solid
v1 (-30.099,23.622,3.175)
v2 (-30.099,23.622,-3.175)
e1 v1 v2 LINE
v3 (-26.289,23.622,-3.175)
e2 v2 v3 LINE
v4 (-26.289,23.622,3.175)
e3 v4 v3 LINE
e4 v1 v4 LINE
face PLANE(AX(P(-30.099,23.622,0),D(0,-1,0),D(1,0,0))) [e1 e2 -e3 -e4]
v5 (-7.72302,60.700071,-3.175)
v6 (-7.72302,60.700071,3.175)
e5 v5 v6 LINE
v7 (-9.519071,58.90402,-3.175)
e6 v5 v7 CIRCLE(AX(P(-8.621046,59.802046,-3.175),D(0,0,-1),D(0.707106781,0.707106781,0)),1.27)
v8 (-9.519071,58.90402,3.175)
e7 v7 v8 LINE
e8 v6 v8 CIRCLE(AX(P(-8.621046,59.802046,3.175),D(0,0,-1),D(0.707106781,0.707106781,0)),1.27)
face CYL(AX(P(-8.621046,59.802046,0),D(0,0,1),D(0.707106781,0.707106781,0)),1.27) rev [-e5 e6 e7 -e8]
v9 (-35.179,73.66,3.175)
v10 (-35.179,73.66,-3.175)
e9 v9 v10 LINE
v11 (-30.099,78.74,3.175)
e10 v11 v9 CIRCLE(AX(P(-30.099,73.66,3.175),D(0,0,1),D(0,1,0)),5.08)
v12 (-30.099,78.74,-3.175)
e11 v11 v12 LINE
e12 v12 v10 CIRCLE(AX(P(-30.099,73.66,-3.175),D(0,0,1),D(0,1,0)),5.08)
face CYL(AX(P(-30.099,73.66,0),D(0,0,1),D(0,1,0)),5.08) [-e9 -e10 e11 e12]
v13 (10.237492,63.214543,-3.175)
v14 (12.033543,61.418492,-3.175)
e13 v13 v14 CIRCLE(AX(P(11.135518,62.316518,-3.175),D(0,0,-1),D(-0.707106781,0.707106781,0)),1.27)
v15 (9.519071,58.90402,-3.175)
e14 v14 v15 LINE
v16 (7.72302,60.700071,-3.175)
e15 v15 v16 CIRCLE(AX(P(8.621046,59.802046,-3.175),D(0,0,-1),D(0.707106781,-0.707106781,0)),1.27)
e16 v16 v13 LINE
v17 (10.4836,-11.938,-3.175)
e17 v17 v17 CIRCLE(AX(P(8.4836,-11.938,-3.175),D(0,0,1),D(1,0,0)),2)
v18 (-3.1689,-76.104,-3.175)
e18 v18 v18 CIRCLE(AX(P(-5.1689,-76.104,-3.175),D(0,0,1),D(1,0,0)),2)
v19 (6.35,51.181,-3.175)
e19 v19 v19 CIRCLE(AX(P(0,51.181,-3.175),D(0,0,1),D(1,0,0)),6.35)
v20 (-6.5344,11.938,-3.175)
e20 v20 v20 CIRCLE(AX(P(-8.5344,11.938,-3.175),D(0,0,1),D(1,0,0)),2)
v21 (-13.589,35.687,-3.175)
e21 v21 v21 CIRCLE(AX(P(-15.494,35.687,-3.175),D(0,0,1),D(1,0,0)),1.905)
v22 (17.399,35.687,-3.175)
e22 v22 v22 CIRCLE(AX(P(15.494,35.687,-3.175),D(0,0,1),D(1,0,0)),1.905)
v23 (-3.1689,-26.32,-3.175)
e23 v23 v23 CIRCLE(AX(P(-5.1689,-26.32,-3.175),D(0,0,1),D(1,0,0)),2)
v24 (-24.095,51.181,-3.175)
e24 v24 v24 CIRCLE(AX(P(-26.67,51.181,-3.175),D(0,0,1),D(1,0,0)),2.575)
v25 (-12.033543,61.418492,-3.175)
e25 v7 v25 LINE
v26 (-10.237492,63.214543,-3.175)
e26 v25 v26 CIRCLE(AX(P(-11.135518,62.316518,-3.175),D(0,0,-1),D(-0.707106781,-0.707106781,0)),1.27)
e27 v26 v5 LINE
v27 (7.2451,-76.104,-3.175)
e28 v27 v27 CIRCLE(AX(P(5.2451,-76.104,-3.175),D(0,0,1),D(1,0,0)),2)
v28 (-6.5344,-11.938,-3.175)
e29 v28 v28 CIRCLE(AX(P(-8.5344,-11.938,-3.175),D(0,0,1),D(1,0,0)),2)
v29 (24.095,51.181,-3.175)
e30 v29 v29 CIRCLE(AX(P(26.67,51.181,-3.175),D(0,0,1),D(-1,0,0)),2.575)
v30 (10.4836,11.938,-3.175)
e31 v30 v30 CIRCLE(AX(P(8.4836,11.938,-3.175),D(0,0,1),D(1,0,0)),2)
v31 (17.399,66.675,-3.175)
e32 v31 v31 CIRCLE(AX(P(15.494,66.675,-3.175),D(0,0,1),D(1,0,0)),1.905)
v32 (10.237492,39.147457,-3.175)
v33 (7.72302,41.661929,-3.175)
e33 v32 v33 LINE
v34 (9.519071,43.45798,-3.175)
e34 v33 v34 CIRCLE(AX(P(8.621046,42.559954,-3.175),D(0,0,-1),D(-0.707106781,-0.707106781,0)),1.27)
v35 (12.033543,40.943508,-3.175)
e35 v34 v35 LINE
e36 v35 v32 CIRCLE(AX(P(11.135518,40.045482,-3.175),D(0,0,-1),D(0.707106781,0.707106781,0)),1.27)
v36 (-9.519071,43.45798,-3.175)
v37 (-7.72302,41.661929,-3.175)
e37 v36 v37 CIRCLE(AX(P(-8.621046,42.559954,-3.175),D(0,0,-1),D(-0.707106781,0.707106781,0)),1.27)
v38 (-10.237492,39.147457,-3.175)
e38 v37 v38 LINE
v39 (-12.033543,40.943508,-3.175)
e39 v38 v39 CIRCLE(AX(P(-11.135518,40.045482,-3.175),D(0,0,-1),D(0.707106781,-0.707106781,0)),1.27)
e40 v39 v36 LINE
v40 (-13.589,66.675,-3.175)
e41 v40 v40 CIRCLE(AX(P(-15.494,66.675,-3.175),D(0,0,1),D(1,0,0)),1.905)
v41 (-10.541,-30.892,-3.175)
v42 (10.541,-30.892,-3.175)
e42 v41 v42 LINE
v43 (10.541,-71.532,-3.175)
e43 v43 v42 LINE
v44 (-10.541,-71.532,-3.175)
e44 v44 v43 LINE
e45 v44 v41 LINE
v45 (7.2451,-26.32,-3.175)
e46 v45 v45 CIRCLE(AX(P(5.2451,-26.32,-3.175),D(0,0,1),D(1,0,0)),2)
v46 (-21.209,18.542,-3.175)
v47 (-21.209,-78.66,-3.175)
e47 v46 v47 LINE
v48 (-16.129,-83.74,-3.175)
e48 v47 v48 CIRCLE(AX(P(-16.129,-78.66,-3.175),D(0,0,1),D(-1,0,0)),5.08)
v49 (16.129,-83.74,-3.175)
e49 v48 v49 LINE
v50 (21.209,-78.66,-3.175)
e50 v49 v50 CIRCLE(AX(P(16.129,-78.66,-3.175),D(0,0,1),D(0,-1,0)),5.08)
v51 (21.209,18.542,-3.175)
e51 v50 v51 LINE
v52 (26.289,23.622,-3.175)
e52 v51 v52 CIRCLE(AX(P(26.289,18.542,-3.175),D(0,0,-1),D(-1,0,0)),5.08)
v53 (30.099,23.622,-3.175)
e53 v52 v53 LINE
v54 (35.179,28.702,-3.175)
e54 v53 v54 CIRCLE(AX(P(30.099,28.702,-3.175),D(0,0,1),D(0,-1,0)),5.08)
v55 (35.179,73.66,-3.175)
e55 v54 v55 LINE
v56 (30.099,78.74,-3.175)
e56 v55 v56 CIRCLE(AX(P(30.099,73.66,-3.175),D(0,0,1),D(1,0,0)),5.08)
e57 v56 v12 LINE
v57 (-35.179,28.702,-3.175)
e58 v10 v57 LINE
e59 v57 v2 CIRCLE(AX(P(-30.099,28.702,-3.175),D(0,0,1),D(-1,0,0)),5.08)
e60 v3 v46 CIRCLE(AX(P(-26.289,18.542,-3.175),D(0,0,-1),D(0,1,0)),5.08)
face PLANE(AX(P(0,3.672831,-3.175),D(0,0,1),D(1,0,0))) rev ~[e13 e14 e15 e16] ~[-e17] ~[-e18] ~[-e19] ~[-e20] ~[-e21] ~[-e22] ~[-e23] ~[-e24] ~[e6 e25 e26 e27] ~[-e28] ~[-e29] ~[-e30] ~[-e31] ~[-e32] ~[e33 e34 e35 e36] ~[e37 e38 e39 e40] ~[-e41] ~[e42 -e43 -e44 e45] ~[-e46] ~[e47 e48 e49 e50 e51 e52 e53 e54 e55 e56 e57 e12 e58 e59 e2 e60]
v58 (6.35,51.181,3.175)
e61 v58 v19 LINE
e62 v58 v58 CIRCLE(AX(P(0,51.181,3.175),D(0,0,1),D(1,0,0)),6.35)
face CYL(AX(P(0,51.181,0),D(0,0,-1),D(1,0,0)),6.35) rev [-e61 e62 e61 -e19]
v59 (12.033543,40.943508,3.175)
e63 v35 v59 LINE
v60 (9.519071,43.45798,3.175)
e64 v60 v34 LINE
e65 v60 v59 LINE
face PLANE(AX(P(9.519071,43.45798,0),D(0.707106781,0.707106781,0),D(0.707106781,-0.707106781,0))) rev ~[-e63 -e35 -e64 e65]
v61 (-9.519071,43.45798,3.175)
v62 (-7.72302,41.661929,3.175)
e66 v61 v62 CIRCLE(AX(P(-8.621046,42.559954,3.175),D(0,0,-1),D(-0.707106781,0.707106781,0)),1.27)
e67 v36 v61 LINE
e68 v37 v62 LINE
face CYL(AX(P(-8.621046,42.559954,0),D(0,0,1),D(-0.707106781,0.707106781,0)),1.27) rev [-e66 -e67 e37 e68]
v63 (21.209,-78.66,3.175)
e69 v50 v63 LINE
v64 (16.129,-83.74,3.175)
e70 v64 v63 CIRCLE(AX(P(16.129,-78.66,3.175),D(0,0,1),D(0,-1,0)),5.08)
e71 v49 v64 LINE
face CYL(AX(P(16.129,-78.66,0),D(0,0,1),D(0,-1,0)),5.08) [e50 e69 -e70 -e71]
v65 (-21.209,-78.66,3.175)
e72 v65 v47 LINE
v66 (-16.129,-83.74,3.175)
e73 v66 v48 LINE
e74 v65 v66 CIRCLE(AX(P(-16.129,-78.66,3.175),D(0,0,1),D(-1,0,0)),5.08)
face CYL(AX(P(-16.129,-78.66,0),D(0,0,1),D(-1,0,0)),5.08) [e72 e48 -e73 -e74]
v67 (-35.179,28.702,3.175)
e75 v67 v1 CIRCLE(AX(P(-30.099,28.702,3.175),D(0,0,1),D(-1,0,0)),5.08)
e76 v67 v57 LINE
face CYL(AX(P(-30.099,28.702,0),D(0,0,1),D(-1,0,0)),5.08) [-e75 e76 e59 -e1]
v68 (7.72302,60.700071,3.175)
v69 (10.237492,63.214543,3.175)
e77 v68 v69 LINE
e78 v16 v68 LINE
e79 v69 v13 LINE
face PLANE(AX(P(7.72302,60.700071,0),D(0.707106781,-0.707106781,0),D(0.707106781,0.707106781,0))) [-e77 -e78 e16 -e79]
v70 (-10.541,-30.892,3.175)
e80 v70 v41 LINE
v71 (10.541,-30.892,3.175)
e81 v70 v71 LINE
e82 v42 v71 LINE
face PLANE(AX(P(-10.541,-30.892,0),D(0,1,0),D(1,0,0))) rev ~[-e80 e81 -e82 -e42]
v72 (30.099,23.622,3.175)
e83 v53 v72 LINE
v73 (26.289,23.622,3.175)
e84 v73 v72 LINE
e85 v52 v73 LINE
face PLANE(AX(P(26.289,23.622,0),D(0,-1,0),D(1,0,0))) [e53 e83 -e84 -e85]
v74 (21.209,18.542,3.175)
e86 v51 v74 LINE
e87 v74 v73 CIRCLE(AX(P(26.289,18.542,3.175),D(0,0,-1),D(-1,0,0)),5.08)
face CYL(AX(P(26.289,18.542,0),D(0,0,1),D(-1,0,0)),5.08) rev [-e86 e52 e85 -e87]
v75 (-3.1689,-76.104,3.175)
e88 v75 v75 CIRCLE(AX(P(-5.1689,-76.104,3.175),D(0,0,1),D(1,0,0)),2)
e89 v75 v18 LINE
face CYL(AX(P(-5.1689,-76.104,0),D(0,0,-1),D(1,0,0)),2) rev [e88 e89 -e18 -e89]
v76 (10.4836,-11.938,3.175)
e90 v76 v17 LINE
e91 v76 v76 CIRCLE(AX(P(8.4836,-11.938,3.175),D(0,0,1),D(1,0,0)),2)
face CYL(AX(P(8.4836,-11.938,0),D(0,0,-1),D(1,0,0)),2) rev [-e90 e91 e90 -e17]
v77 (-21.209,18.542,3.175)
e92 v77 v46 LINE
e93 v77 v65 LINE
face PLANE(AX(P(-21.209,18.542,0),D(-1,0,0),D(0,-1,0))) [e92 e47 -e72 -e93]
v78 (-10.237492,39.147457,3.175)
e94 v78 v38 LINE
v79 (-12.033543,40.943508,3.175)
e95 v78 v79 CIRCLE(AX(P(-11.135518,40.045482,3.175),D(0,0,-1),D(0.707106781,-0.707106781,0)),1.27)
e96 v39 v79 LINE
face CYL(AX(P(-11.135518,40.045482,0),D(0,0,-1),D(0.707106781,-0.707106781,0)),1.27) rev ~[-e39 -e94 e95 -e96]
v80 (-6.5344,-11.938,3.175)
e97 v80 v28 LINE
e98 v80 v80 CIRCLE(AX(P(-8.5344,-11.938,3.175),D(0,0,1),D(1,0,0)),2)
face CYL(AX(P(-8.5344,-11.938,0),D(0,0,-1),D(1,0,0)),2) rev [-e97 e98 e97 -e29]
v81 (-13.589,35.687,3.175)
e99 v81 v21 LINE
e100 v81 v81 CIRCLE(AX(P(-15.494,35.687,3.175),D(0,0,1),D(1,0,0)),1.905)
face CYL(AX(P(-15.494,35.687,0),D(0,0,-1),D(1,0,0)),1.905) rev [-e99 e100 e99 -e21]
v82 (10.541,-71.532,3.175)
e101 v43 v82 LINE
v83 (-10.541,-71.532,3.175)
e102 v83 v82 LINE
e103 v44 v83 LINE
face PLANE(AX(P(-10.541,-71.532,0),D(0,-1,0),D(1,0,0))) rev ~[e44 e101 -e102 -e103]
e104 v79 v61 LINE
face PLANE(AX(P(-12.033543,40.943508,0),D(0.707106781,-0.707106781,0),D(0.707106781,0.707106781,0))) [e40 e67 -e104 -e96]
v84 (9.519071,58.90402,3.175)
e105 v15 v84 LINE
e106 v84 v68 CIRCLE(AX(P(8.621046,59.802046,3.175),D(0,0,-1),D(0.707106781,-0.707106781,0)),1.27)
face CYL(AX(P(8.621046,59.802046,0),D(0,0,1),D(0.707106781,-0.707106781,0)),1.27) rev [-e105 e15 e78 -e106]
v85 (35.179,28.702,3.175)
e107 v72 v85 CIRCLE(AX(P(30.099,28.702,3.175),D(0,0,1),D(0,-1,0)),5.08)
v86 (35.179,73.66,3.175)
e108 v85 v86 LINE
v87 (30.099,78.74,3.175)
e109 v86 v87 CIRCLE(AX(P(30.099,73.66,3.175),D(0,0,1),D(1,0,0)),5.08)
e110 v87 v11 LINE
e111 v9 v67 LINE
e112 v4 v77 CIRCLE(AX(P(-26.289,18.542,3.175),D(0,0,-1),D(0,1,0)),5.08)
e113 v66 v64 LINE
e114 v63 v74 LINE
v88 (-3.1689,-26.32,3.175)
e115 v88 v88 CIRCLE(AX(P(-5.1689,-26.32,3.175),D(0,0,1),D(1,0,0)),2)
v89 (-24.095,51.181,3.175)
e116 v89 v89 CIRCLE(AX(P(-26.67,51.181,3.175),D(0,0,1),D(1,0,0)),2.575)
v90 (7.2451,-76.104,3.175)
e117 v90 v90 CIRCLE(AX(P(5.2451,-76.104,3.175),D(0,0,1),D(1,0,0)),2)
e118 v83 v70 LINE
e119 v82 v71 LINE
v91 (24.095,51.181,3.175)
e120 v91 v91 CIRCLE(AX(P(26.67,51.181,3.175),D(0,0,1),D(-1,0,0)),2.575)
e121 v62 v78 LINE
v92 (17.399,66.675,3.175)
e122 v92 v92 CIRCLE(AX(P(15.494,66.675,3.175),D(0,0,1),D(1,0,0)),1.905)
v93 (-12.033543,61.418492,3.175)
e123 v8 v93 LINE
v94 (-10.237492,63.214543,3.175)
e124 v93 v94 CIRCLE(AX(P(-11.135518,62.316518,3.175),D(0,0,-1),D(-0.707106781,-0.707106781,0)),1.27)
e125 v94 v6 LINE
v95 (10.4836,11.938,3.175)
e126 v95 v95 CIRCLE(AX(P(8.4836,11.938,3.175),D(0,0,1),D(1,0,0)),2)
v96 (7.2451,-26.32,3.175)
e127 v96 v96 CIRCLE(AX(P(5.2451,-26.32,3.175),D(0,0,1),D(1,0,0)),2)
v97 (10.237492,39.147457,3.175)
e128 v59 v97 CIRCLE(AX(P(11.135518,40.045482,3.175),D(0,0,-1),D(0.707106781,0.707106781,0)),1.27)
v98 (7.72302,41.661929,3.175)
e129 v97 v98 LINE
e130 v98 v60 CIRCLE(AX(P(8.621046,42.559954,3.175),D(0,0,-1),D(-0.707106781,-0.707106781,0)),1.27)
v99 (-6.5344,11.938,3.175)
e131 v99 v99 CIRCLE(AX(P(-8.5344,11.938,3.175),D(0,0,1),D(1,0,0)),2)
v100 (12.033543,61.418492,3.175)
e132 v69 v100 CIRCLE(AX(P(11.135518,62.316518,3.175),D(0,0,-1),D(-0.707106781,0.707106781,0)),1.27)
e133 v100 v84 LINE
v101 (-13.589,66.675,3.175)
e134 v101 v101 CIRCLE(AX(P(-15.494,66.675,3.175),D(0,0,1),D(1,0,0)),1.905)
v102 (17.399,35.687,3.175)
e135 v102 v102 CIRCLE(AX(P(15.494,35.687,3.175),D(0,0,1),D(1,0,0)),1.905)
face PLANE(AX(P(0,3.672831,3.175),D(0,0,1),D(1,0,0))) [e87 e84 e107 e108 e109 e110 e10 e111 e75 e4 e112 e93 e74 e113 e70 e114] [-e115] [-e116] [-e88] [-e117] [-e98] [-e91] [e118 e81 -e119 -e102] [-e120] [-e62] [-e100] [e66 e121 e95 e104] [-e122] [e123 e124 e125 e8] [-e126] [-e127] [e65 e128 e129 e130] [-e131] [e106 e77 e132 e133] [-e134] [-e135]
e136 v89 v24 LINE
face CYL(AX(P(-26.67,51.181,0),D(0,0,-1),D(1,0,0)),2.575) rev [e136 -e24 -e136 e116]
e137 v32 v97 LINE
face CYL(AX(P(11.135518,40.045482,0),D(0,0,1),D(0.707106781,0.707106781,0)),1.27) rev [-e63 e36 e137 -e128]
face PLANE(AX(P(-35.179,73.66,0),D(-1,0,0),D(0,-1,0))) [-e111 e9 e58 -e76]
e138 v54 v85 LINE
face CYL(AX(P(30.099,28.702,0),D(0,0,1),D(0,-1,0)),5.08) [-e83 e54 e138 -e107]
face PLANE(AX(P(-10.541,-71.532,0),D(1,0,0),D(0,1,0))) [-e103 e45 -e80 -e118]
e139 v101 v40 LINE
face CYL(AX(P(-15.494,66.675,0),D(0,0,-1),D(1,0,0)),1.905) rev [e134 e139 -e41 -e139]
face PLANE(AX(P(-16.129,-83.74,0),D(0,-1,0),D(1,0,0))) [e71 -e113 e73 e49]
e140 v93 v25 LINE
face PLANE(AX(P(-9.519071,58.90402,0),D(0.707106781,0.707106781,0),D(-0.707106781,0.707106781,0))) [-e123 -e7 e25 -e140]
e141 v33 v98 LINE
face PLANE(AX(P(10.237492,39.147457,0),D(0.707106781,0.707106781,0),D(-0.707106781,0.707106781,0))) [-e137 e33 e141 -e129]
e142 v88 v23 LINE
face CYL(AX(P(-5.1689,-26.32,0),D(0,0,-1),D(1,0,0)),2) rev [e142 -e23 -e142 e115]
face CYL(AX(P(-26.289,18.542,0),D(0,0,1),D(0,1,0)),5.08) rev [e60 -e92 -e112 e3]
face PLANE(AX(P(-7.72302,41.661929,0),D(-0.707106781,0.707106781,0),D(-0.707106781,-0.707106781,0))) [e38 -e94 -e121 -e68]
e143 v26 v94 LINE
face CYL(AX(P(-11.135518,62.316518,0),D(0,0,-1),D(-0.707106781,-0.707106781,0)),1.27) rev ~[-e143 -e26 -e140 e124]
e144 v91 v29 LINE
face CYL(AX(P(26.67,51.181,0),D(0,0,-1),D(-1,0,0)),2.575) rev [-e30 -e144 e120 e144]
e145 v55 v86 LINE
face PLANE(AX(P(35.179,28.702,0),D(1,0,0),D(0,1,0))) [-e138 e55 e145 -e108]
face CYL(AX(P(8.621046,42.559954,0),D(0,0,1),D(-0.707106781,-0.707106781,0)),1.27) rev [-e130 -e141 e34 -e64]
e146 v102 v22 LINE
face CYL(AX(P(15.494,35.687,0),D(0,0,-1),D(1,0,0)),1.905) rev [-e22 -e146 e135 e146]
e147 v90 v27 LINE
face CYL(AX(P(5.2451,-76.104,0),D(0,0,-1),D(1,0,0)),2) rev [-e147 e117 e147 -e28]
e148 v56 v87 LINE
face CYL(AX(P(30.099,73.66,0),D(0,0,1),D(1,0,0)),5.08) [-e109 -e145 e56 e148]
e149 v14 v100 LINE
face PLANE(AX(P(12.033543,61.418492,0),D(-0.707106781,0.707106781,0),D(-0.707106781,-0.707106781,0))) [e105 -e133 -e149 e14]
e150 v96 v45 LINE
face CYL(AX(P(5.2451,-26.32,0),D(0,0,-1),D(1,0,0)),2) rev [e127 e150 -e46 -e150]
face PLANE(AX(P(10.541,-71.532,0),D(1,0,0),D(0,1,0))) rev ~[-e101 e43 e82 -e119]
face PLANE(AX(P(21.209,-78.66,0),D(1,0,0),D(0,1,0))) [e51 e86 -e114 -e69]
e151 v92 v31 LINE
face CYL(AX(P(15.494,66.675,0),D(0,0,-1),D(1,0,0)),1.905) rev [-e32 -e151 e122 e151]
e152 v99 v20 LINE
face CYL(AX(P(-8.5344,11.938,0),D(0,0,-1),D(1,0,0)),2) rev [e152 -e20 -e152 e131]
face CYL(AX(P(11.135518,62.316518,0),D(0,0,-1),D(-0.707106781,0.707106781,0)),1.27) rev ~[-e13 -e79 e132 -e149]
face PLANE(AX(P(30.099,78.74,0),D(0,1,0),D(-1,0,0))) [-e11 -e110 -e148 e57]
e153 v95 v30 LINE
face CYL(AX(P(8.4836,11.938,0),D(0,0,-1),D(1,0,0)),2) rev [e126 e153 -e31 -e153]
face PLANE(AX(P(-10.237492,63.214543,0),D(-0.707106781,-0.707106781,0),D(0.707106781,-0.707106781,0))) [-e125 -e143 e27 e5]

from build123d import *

# Parameters (mm, degrees)
SKETCH1_R           = 2
SKETCH1_R_2         = 6.35
SKETCH1_R_3         = 1.905
SKETCH1_R_4         = 2.575
SKETCH1_W           = 21.082
SKETCH1_H           = 40.64
BOSS_EXTRUDE1_DEPTH = 3.175


with BuildPart() as part:
    # Sketch1 → Boss-Extrude1 (new, symmetric)
    with BuildSketch(Plane.XY):
        with BuildLine():
            Line((-16.129, -83.74), (16.129, -83.74))
            ThreePointArc((16.129, -83.74), (19.721102448, -82.252102448), (21.209, -78.66))
            Line((21.209, -78.66), (21.209, 18.542))
            ThreePointArc((21.209, 18.542), (22.696897552, 22.134102448), (26.289, 23.622))
            Line((26.289, 23.622), (30.099, 23.622))
            ThreePointArc((30.099, 23.622), (33.691102448, 25.109897552), (35.179, 28.702))
            Line((35.179, 28.702), (35.179, 73.66))
            ThreePointArc((35.179, 73.66), (33.691102448, 77.252102448), (30.099, 78.74))
            Line((30.099, 78.74), (-30.099, 78.74))
            ThreePointArc((-30.099, 78.74), (-33.691102448, 77.252102448), (-35.179, 73.66))
            Line((-35.179, 73.66), (-35.179, 28.702))
            ThreePointArc((-35.179, 28.702), (-33.691102448, 25.109897552), (-30.099, 23.622))
            Line((-30.099, 23.622), (-26.289, 23.622))
            ThreePointArc((-26.289, 23.622), (-22.696897552, 22.134102448), (-21.209, 18.542))
            Line((-21.209, 18.542), (-21.209, -78.66))
            ThreePointArc((-21.209, -78.66), (-19.721102448, -82.252102448), (-16.129, -83.74))
        make_face()
        with Locations((8.4836, 11.938)):
            Circle(SKETCH1_R, mode=Mode.SUBTRACT)
        with Locations((-8.5344, 11.938)):
            Circle(SKETCH1_R, mode=Mode.SUBTRACT)
        with Locations((-8.5344, -11.938)):
            Circle(SKETCH1_R, mode=Mode.SUBTRACT)
        with Locations((8.4836, -11.938)):
            Circle(SKETCH1_R, mode=Mode.SUBTRACT)
        with Locations((0, 51.181)):
            Circle(SKETCH1_R_2, mode=Mode.SUBTRACT)
        with Locations((15.494, 66.675)):
            Circle(SKETCH1_R_3, mode=Mode.SUBTRACT)
        with Locations((-15.494, 66.675)):
            Circle(SKETCH1_R_3, mode=Mode.SUBTRACT)
        with Locations((-15.494, 35.687)):
            Circle(SKETCH1_R_3, mode=Mode.SUBTRACT)
        with Locations((15.494, 35.687)):
            Circle(SKETCH1_R_3, mode=Mode.SUBTRACT)
        with Locations((-5.1689, -26.32)):
            Circle(SKETCH1_R, mode=Mode.SUBTRACT)
        with Locations((5.2451, -26.32)):
            Circle(SKETCH1_R, mode=Mode.SUBTRACT)
        with Locations((5.2451, -76.104)):
            Circle(SKETCH1_R, mode=Mode.SUBTRACT)
        with Locations((-5.1689, -76.104)):
            Circle(SKETCH1_R, mode=Mode.SUBTRACT)
        with Locations((-26.67, 51.181)):
            Circle(SKETCH1_R_4, mode=Mode.SUBTRACT)
        with Locations(Location((26.67, 51.181, 0), (0, 0, 180))):
            Circle(SKETCH1_R_4, mode=Mode.SUBTRACT)
        with BuildLine():
            Line((7.723020264, 60.700071488), (10.237491978, 63.214543202))
            ThreePointArc((10.237491978, 63.214543202), (12.033543202, 63.214543202), (12.033543202, 61.418491978))
            Line((12.033543202, 61.418491978), (9.519071488, 58.904020264))
            ThreePointArc((9.519071488, 58.904020264), (7.723020264, 58.904020264), (7.723020264, 60.700071488))
        make_face(mode=Mode.SUBTRACT)
        with BuildLine():
            Line((-9.519071488, 58.904020264), (-12.033543202, 61.418491978))
            ThreePointArc((-12.033543202, 61.418491978), (-12.033543202, 63.214543202), (-10.237491978, 63.214543202))
            Line((-10.237491978, 63.214543202), (-7.723020264, 60.700071488))
            ThreePointArc((-7.723020264, 60.700071488), (-7.723020264, 58.904020264), (-9.519071488, 58.904020264))
        make_face(mode=Mode.SUBTRACT)
        with Locations((0, -51.212)):
            Rectangle(SKETCH1_W, SKETCH1_H, mode=Mode.SUBTRACT)
        with BuildLine():
            Line((-7.723020264, 41.661928512), (-10.237491978, 39.147456798))
            ThreePointArc((-10.237491978, 39.147456798), (-12.033543202, 39.147456798), (-12.033543202, 40.943508022))
            Line((-12.033543202, 40.943508022), (-9.519071488, 43.457979736))
            ThreePointArc((-9.519071488, 43.457979736), (-7.723020264, 43.457979736), (-7.723020264, 41.661928512))
        make_face(mode=Mode.SUBTRACT)
        with BuildLine():
            Line((9.519071488, 43.457979736), (12.033543202, 40.943508022))
            ThreePointArc((12.033543202, 40.943508022), (12.033543202, 39.147456798), (10.237491978, 39.147456798))
            Line((10.237491978, 39.147456798), (7.723020264, 41.661928512))
            ThreePointArc((7.723020264, 41.661928512), (7.723020264, 43.457979736), (9.519071488, 43.457979736))
        make_face(mode=Mode.SUBTRACT)
    extrude(amount=BOSS_EXTRUDE1_DEPTH, both=True)


solid = part.part
